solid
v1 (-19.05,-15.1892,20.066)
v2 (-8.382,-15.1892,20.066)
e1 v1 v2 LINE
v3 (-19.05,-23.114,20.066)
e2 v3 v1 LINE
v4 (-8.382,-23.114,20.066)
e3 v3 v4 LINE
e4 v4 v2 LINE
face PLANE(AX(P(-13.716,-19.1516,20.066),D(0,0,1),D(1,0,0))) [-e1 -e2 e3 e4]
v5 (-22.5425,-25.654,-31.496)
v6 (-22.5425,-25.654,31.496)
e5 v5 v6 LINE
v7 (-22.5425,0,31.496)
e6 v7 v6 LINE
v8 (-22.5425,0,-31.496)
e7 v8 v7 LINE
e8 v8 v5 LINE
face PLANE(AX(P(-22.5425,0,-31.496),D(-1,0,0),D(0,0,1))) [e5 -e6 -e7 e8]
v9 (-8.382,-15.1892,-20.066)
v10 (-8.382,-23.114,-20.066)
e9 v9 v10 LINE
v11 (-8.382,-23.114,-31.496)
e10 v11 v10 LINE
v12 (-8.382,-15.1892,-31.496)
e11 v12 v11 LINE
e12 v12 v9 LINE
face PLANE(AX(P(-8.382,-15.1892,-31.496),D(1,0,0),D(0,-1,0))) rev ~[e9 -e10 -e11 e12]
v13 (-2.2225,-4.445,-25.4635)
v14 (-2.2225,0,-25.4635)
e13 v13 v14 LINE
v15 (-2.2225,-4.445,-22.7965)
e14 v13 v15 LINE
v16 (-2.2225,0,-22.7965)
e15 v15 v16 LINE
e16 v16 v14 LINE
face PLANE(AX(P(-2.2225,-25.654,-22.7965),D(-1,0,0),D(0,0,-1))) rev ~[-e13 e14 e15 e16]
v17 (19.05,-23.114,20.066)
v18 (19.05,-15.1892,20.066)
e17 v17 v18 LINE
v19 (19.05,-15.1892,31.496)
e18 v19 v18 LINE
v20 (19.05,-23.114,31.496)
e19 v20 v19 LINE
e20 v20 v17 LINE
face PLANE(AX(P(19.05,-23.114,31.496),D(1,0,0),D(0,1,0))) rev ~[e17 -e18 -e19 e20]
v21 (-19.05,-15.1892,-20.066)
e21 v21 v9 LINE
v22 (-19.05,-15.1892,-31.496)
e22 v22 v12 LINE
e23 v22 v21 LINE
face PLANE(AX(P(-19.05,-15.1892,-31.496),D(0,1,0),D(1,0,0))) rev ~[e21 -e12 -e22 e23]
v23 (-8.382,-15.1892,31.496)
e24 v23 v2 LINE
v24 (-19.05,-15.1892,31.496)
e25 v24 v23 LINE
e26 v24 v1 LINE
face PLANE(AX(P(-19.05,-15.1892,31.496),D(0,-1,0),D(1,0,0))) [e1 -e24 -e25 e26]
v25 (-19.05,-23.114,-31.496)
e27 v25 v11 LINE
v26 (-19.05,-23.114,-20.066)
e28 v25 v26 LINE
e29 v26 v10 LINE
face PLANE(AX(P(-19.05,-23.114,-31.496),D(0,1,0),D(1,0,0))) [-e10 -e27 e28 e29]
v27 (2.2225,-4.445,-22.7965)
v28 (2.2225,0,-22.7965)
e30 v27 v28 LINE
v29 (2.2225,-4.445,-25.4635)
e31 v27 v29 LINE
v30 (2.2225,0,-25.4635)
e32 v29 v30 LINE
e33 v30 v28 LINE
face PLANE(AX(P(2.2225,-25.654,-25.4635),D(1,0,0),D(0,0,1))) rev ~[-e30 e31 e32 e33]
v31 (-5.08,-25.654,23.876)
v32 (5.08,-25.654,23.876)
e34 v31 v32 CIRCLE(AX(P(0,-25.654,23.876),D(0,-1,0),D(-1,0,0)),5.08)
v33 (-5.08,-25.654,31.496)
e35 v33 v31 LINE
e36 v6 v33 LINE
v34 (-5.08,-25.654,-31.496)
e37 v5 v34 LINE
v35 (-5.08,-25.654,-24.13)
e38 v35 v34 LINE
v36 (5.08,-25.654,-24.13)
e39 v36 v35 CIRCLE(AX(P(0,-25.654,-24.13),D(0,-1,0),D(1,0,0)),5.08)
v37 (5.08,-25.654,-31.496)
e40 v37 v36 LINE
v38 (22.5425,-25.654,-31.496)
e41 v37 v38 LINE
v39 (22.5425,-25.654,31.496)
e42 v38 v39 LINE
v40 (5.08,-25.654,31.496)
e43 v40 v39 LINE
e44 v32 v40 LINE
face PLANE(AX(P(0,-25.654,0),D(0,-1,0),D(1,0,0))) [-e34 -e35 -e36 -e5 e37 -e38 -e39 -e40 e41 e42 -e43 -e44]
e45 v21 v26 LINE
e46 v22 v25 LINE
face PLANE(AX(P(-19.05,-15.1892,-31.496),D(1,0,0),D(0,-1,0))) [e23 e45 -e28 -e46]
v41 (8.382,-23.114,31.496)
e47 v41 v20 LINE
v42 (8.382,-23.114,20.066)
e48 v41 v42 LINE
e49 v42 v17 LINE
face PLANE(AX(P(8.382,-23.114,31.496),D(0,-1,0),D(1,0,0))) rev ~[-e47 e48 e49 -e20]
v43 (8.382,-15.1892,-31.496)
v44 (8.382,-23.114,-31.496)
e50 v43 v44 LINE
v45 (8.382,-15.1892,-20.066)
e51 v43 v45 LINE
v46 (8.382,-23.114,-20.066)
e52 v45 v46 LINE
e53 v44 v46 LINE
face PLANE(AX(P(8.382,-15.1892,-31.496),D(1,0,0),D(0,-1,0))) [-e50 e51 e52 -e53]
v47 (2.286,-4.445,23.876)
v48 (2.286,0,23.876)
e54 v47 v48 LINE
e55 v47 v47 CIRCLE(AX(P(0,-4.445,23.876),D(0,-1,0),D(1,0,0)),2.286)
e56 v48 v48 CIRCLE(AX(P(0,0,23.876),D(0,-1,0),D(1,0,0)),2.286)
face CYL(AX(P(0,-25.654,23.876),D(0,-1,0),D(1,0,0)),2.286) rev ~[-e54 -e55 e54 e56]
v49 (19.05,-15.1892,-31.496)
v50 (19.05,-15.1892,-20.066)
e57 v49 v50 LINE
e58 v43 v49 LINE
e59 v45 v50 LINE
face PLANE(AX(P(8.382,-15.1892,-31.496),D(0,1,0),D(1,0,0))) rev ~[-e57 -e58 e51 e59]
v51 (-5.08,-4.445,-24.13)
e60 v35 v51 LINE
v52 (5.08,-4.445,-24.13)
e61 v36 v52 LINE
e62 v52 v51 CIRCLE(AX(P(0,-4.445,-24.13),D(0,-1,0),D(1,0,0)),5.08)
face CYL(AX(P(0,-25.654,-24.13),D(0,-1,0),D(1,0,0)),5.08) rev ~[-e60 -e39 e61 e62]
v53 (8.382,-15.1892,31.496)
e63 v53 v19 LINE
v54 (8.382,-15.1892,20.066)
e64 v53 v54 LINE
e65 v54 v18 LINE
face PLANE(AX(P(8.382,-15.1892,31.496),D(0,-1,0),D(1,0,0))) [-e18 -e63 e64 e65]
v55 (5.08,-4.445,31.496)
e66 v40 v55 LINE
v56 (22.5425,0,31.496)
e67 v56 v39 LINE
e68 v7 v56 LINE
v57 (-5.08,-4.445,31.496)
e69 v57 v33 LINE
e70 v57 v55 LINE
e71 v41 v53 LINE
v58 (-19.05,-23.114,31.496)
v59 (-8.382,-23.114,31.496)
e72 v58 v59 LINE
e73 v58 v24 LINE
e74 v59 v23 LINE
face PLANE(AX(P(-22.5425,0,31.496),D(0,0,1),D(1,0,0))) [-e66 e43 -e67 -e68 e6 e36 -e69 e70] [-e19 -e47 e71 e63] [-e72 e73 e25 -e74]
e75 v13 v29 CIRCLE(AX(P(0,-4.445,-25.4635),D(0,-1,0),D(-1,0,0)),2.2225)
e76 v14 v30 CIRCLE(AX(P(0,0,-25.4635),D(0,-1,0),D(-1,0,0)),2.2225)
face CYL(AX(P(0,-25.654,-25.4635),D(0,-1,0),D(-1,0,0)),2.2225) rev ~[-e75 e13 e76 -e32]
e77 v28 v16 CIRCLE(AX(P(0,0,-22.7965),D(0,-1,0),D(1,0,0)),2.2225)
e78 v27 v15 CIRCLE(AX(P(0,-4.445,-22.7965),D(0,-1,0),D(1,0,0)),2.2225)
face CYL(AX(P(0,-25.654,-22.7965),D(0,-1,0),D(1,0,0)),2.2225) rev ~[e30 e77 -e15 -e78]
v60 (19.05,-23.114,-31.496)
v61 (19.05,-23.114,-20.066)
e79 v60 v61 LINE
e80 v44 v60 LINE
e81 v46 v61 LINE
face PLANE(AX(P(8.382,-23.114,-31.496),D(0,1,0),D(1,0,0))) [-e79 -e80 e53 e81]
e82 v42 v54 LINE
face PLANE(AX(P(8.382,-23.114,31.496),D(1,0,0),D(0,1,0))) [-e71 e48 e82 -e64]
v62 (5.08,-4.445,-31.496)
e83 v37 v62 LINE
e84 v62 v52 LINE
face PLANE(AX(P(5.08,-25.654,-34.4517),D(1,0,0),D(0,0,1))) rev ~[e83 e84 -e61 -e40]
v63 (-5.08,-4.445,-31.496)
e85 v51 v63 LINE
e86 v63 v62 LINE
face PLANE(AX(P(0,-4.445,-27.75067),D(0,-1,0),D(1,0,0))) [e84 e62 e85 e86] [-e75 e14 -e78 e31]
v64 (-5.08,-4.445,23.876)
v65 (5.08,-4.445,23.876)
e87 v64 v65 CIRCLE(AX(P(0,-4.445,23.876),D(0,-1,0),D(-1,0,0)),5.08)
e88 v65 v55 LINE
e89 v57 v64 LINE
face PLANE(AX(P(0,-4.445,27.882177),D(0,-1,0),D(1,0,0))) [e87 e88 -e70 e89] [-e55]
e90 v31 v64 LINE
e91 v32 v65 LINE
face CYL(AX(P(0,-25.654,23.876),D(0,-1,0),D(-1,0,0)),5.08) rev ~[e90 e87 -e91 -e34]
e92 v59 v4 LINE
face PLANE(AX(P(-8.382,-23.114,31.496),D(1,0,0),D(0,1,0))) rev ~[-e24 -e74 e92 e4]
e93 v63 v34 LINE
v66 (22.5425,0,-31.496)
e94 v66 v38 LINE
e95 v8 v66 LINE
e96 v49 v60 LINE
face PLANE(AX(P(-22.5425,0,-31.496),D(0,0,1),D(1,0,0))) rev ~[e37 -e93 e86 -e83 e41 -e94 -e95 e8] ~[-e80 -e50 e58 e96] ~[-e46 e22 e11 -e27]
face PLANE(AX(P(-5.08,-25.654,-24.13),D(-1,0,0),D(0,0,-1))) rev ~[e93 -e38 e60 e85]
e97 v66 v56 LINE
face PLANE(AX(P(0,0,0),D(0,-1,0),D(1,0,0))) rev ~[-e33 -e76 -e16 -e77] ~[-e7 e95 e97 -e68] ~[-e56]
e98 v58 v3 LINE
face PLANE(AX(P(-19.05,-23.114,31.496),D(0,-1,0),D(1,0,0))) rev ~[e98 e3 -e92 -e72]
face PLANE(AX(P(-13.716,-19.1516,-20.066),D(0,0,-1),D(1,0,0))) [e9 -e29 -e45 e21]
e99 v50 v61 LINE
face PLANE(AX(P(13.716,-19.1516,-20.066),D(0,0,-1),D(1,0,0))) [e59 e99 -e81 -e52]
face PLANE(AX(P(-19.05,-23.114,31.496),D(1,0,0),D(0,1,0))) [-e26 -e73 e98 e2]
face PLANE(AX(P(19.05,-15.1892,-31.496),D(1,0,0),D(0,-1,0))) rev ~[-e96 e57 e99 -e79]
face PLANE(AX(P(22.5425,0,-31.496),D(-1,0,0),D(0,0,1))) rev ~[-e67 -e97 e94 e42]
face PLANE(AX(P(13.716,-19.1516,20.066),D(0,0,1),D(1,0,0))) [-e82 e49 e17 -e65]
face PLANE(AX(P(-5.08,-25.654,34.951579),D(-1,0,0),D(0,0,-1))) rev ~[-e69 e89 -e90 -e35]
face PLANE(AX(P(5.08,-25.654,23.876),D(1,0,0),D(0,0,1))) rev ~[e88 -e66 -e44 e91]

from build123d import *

# Parameters (mm, degrees)
F0_W     = 45.085
F0_H     = 62.992
F1_DEPTH = 25.654
F2_R     = 2.286
F3_DEPTH = 35.306
F5_DEPTH = 21.209
F6_W     = 10.668
F6_H     = 7.9248
F7_DEPTH = 11.43
F8_W     = 10.668
F8_H     = 7.9248
F9_DEPTH = 11.43


with BuildPart() as f1:
    # F0 (on Front) → F1 (new body)
    with BuildSketch(Plane.XZ):
        Rectangle(F0_W, F0_H)
    extrude(amount=F1_DEPTH)

    # F2 (on face) → F3 (cut)
    with BuildSketch(Plane.XZ.offset(25.654)):
        with Locations((0, 23.876)):
            Circle(F2_R)
        with BuildLine():
            Line((-2.2225, -22.7965), (-2.2225, -25.4635))
            ThreePointArc((-2.2225, -25.4635), (0, -27.686), (2.2225, -25.4635))
            Line((2.2225, -25.4635), (2.2225, -22.7965))
            ThreePointArc((2.2225, -22.7965), (0, -20.574), (-2.2225, -22.7965))
        make_face()
    extrude(amount=-F3_DEPTH, mode=Mode.SUBTRACT)

    # F4 (on face) → F5 (cut)
    with BuildSketch(Plane.XZ.offset(25.654)):
        with BuildLine():
            Line((-5.08, 34.951579), (-5.08, 23.876))
            ThreePointArc((-5.08, 23.876), (0, 18.796), (5.08, 23.876))
            Line((5.08, 23.876), (5.08, 34.951579))
            Line((5.08, 34.951579), (-5.08, 34.951579))
        make_face()
        with BuildLine():
            Line((5.08, -34.4517), (5.08, -24.13))
            ThreePointArc((5.08, -24.13), (0, -19.05), (-5.08, -24.13))
            Line((-5.08, -24.13), (-5.08, -34.4517))
            Line((-5.08, -34.4517), (5.08, -34.4517))
        make_face()
    extrude(amount=-F5_DEPTH, mode=Mode.SUBTRACT)

    # F6 (on face) → F7 (cut)
    with BuildSketch(Plane(origin=(0, 0, -31.496), x_dir=(1, 0, 0), z_dir=(0, 0, -1))):
        with Locations((-13.716, 19.1516)):
            Rectangle(F6_W, F6_H)
        with Locations((13.716, 19.1516)):
            Rectangle(F6_W, F6_H)
    extrude(amount=-F7_DEPTH, mode=Mode.SUBTRACT)

    # F8 (on face) → F9 (cut)
    with BuildSketch(Plane.XY.offset(31.496)):
        with Locations((13.716, -19.1516)):
            Rectangle(F8_W, F8_H)
        with Locations((-13.716, -19.1516)):
            Rectangle(F8_W, F8_H)
    extrude(amount=-F9_DEPTH, mode=Mode.SUBTRACT)


solid = f1.part
